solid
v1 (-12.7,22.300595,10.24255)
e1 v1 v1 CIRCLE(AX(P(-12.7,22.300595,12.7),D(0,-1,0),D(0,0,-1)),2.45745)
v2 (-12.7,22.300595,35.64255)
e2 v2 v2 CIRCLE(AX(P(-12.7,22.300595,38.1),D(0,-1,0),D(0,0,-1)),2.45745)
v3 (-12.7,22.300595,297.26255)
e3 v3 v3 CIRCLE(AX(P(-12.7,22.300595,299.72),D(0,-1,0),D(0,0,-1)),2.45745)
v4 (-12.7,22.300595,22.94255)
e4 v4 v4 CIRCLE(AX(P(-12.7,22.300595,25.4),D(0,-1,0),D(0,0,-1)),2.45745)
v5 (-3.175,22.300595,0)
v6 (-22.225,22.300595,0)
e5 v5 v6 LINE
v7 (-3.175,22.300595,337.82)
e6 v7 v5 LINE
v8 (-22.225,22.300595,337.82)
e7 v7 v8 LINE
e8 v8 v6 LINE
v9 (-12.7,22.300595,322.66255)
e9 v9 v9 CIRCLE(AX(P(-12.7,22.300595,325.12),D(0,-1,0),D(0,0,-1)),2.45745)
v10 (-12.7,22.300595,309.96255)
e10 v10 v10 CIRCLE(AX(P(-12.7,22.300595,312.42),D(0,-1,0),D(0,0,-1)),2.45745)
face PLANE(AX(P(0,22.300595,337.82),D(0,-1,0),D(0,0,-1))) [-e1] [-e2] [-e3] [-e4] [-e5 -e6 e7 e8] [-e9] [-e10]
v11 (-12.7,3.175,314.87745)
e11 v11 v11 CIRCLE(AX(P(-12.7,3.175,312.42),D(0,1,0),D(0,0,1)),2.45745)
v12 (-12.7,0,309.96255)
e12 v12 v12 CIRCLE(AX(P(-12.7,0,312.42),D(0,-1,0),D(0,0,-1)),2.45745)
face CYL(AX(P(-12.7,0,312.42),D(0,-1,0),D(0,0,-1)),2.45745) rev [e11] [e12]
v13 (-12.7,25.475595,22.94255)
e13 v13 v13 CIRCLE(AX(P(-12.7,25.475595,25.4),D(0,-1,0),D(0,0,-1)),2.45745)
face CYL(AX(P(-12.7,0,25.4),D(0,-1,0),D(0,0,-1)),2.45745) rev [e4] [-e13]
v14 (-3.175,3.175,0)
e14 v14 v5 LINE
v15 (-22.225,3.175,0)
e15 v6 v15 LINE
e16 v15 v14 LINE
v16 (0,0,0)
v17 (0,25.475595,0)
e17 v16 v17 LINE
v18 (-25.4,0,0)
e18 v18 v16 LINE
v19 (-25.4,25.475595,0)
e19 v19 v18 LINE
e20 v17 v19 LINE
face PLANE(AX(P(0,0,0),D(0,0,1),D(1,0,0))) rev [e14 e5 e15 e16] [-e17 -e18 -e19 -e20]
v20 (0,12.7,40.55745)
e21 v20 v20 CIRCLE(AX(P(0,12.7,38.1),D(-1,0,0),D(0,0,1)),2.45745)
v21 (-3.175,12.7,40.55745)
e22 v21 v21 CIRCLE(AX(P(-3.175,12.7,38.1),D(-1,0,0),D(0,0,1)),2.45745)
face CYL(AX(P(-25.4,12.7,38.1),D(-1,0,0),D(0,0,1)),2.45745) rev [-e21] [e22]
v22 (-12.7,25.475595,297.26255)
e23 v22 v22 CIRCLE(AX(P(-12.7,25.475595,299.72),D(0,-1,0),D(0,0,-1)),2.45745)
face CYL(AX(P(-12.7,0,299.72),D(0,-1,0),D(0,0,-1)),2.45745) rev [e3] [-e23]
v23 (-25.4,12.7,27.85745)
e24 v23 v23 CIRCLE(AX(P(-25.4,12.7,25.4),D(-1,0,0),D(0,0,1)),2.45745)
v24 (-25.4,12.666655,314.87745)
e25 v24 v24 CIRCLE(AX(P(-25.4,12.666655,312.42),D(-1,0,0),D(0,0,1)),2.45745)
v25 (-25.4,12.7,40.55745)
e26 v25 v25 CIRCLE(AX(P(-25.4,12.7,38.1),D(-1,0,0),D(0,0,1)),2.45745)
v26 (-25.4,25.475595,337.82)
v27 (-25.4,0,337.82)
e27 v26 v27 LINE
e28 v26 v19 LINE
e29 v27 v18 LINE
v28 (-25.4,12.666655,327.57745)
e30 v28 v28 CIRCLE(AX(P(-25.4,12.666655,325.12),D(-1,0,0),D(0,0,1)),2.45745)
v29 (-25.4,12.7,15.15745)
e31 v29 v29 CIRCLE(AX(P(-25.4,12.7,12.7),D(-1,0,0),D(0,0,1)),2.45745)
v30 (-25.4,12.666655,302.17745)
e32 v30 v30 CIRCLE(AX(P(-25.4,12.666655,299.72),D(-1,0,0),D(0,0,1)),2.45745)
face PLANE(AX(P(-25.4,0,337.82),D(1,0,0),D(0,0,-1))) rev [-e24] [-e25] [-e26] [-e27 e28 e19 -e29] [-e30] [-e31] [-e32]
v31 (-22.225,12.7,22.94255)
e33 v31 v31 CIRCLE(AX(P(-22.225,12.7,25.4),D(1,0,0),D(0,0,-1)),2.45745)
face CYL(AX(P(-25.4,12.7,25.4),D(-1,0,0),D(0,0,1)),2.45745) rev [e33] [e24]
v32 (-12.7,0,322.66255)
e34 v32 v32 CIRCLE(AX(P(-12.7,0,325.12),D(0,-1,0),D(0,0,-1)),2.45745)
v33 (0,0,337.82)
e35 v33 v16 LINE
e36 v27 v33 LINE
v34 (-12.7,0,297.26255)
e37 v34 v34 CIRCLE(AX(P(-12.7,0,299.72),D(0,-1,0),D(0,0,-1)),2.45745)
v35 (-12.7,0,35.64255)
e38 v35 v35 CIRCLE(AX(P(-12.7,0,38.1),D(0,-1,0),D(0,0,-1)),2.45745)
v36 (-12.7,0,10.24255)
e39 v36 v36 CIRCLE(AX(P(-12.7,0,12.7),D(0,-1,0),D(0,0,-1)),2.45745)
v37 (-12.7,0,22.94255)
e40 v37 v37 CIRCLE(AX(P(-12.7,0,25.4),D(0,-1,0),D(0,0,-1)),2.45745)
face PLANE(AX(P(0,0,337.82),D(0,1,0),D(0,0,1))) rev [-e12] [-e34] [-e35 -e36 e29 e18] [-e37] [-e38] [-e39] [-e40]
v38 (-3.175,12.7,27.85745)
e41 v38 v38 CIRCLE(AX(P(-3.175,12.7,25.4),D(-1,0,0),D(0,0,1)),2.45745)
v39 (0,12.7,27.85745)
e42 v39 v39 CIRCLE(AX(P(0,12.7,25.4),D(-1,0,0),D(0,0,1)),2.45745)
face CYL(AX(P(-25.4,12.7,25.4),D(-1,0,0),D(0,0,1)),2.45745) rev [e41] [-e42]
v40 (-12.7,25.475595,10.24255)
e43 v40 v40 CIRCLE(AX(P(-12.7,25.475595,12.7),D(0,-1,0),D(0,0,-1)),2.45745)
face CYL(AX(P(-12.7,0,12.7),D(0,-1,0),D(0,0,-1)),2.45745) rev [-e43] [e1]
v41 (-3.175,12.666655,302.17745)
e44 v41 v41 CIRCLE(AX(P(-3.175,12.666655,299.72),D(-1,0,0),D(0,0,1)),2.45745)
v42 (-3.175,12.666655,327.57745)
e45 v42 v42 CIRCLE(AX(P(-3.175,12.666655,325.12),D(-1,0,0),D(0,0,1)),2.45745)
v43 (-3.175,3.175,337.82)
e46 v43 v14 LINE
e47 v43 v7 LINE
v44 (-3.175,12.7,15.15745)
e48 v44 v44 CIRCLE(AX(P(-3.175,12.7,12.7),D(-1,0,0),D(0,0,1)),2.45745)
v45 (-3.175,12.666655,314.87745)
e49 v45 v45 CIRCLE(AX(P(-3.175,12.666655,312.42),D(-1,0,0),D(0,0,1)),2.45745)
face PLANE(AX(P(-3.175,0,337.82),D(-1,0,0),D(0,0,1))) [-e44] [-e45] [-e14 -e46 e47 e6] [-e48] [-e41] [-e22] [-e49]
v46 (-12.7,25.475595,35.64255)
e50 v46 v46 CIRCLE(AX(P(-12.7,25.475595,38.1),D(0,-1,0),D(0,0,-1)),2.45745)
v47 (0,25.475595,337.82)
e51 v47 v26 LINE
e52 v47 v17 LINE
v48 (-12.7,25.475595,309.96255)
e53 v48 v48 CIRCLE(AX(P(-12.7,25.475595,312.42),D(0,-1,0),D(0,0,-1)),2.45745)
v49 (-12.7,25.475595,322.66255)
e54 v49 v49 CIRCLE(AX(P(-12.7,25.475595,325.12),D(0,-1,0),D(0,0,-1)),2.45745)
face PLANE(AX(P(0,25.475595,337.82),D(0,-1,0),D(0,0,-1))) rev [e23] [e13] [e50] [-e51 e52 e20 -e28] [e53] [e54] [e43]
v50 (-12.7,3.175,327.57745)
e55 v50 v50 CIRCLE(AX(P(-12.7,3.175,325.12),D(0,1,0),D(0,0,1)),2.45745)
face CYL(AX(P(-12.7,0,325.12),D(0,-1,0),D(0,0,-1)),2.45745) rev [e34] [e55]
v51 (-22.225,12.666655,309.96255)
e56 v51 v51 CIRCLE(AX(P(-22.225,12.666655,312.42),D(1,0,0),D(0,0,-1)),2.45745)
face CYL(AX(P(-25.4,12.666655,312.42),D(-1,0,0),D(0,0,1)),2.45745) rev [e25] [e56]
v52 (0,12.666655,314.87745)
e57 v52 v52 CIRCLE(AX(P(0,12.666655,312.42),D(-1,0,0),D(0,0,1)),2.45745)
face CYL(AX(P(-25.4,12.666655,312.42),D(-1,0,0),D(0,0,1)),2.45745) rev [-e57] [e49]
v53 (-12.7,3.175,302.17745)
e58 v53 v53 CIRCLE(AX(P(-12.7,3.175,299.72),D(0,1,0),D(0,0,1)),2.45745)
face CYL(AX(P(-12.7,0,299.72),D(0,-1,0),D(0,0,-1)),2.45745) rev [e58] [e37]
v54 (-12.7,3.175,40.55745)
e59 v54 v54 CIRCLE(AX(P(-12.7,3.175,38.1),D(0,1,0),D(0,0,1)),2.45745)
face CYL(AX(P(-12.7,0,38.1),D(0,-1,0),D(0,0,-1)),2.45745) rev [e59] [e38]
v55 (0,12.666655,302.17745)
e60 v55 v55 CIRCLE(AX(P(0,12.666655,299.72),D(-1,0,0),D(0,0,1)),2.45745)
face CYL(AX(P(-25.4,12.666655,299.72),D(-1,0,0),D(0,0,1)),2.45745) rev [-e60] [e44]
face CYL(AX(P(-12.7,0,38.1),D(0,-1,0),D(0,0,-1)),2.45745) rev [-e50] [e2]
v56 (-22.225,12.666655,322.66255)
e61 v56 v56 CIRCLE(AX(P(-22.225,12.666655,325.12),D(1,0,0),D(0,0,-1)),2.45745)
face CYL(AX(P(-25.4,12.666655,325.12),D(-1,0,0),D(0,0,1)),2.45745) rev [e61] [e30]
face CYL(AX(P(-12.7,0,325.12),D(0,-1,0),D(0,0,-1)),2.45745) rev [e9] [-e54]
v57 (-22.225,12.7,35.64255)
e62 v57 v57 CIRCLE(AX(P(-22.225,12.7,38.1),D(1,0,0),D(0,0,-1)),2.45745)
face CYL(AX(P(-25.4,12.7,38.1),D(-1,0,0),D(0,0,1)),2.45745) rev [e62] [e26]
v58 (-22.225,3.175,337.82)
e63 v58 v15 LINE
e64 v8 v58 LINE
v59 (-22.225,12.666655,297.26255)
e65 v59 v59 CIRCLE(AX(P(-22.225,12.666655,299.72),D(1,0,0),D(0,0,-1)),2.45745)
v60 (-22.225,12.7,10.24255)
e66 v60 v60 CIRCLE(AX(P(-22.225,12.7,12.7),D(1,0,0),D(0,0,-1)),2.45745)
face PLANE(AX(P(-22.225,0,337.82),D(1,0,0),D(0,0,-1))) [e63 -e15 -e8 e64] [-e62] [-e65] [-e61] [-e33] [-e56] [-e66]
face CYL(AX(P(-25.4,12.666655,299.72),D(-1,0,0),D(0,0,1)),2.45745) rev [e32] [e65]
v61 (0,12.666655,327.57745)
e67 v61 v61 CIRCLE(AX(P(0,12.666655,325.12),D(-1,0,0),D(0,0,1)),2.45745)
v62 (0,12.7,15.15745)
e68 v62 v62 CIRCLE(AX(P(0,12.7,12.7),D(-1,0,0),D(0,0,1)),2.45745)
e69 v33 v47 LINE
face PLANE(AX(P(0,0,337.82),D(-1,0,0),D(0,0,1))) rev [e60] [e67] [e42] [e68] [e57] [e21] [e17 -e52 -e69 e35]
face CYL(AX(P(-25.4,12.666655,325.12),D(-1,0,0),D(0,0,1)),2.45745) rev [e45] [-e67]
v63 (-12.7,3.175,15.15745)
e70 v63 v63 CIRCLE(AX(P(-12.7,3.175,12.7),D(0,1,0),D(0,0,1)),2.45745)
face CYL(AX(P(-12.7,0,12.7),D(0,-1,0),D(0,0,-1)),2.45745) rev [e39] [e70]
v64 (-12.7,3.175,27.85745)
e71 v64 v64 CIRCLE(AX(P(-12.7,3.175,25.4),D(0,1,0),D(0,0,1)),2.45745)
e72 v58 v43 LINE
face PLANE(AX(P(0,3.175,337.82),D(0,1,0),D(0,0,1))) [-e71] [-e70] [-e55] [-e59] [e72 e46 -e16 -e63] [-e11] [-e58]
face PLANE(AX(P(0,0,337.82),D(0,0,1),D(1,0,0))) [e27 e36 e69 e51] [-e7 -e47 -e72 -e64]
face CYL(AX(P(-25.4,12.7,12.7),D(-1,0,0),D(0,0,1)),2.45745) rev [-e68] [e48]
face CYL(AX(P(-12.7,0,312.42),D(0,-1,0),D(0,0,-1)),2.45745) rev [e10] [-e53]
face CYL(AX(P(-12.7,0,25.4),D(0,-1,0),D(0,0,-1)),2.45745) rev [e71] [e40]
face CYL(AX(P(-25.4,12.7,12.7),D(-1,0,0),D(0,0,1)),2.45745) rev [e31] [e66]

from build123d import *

# Parameters (mm, degrees)
SKETCH1_W                    = 25.4
SKETCH1_H                    = 25.475595238
SKETCH1_W_2                  = 19.05
SKETCH1_H_2                  = 19.125595238
EXTRUDE_THIN1_DEPTH          = 337.82
F_10_0_1935_DIAMETER_HOLE1_D = 4.9149
F_10_0_1935_DIAMETER_HOLE2_D = 4.9149


with BuildPart() as part:
    # Sketch1 → Extrude-Thin1 (new body)
    with BuildSketch(Plane.XY):
        with Locations((-12.7, 12.737797619)):
            Rectangle(SKETCH1_W, SKETCH1_H)
        with Locations((-12.7, 12.737797619)):
            Rectangle(SKETCH1_W_2, SKETCH1_H_2, mode=Mode.SUBTRACT)
    extrude(amount=EXTRUDE_THIN1_DEPTH)

    # #10 (0.1935) Diameter Hole1 (through all)
    with Locations(Plane(origin=(0, 0, 0), x_dir=(-1, 0, 0), z_dir=(0, -1, 0))):
        with Locations((12.7, -25.4), (12.7, -12.7), (12.7, -38.1), (12.7, -299.72), (12.7, -312.42), (12.7, -325.12)):
            Hole(F_10_0_1935_DIAMETER_HOLE1_D / 2)

    # #10 (0.1935) Diameter Hole2 (through all)
    with Locations(Plane.ZY.offset(25.4)):
        with Locations((325.12, 12.666654514), (312.42, 12.666654514), (299.72, 12.666654514), (38.1, 12.7), (25.4, 12.7), (12.7, 12.7)):
            Hole(F_10_0_1935_DIAMETER_HOLE2_D / 2)


solid = part.part
